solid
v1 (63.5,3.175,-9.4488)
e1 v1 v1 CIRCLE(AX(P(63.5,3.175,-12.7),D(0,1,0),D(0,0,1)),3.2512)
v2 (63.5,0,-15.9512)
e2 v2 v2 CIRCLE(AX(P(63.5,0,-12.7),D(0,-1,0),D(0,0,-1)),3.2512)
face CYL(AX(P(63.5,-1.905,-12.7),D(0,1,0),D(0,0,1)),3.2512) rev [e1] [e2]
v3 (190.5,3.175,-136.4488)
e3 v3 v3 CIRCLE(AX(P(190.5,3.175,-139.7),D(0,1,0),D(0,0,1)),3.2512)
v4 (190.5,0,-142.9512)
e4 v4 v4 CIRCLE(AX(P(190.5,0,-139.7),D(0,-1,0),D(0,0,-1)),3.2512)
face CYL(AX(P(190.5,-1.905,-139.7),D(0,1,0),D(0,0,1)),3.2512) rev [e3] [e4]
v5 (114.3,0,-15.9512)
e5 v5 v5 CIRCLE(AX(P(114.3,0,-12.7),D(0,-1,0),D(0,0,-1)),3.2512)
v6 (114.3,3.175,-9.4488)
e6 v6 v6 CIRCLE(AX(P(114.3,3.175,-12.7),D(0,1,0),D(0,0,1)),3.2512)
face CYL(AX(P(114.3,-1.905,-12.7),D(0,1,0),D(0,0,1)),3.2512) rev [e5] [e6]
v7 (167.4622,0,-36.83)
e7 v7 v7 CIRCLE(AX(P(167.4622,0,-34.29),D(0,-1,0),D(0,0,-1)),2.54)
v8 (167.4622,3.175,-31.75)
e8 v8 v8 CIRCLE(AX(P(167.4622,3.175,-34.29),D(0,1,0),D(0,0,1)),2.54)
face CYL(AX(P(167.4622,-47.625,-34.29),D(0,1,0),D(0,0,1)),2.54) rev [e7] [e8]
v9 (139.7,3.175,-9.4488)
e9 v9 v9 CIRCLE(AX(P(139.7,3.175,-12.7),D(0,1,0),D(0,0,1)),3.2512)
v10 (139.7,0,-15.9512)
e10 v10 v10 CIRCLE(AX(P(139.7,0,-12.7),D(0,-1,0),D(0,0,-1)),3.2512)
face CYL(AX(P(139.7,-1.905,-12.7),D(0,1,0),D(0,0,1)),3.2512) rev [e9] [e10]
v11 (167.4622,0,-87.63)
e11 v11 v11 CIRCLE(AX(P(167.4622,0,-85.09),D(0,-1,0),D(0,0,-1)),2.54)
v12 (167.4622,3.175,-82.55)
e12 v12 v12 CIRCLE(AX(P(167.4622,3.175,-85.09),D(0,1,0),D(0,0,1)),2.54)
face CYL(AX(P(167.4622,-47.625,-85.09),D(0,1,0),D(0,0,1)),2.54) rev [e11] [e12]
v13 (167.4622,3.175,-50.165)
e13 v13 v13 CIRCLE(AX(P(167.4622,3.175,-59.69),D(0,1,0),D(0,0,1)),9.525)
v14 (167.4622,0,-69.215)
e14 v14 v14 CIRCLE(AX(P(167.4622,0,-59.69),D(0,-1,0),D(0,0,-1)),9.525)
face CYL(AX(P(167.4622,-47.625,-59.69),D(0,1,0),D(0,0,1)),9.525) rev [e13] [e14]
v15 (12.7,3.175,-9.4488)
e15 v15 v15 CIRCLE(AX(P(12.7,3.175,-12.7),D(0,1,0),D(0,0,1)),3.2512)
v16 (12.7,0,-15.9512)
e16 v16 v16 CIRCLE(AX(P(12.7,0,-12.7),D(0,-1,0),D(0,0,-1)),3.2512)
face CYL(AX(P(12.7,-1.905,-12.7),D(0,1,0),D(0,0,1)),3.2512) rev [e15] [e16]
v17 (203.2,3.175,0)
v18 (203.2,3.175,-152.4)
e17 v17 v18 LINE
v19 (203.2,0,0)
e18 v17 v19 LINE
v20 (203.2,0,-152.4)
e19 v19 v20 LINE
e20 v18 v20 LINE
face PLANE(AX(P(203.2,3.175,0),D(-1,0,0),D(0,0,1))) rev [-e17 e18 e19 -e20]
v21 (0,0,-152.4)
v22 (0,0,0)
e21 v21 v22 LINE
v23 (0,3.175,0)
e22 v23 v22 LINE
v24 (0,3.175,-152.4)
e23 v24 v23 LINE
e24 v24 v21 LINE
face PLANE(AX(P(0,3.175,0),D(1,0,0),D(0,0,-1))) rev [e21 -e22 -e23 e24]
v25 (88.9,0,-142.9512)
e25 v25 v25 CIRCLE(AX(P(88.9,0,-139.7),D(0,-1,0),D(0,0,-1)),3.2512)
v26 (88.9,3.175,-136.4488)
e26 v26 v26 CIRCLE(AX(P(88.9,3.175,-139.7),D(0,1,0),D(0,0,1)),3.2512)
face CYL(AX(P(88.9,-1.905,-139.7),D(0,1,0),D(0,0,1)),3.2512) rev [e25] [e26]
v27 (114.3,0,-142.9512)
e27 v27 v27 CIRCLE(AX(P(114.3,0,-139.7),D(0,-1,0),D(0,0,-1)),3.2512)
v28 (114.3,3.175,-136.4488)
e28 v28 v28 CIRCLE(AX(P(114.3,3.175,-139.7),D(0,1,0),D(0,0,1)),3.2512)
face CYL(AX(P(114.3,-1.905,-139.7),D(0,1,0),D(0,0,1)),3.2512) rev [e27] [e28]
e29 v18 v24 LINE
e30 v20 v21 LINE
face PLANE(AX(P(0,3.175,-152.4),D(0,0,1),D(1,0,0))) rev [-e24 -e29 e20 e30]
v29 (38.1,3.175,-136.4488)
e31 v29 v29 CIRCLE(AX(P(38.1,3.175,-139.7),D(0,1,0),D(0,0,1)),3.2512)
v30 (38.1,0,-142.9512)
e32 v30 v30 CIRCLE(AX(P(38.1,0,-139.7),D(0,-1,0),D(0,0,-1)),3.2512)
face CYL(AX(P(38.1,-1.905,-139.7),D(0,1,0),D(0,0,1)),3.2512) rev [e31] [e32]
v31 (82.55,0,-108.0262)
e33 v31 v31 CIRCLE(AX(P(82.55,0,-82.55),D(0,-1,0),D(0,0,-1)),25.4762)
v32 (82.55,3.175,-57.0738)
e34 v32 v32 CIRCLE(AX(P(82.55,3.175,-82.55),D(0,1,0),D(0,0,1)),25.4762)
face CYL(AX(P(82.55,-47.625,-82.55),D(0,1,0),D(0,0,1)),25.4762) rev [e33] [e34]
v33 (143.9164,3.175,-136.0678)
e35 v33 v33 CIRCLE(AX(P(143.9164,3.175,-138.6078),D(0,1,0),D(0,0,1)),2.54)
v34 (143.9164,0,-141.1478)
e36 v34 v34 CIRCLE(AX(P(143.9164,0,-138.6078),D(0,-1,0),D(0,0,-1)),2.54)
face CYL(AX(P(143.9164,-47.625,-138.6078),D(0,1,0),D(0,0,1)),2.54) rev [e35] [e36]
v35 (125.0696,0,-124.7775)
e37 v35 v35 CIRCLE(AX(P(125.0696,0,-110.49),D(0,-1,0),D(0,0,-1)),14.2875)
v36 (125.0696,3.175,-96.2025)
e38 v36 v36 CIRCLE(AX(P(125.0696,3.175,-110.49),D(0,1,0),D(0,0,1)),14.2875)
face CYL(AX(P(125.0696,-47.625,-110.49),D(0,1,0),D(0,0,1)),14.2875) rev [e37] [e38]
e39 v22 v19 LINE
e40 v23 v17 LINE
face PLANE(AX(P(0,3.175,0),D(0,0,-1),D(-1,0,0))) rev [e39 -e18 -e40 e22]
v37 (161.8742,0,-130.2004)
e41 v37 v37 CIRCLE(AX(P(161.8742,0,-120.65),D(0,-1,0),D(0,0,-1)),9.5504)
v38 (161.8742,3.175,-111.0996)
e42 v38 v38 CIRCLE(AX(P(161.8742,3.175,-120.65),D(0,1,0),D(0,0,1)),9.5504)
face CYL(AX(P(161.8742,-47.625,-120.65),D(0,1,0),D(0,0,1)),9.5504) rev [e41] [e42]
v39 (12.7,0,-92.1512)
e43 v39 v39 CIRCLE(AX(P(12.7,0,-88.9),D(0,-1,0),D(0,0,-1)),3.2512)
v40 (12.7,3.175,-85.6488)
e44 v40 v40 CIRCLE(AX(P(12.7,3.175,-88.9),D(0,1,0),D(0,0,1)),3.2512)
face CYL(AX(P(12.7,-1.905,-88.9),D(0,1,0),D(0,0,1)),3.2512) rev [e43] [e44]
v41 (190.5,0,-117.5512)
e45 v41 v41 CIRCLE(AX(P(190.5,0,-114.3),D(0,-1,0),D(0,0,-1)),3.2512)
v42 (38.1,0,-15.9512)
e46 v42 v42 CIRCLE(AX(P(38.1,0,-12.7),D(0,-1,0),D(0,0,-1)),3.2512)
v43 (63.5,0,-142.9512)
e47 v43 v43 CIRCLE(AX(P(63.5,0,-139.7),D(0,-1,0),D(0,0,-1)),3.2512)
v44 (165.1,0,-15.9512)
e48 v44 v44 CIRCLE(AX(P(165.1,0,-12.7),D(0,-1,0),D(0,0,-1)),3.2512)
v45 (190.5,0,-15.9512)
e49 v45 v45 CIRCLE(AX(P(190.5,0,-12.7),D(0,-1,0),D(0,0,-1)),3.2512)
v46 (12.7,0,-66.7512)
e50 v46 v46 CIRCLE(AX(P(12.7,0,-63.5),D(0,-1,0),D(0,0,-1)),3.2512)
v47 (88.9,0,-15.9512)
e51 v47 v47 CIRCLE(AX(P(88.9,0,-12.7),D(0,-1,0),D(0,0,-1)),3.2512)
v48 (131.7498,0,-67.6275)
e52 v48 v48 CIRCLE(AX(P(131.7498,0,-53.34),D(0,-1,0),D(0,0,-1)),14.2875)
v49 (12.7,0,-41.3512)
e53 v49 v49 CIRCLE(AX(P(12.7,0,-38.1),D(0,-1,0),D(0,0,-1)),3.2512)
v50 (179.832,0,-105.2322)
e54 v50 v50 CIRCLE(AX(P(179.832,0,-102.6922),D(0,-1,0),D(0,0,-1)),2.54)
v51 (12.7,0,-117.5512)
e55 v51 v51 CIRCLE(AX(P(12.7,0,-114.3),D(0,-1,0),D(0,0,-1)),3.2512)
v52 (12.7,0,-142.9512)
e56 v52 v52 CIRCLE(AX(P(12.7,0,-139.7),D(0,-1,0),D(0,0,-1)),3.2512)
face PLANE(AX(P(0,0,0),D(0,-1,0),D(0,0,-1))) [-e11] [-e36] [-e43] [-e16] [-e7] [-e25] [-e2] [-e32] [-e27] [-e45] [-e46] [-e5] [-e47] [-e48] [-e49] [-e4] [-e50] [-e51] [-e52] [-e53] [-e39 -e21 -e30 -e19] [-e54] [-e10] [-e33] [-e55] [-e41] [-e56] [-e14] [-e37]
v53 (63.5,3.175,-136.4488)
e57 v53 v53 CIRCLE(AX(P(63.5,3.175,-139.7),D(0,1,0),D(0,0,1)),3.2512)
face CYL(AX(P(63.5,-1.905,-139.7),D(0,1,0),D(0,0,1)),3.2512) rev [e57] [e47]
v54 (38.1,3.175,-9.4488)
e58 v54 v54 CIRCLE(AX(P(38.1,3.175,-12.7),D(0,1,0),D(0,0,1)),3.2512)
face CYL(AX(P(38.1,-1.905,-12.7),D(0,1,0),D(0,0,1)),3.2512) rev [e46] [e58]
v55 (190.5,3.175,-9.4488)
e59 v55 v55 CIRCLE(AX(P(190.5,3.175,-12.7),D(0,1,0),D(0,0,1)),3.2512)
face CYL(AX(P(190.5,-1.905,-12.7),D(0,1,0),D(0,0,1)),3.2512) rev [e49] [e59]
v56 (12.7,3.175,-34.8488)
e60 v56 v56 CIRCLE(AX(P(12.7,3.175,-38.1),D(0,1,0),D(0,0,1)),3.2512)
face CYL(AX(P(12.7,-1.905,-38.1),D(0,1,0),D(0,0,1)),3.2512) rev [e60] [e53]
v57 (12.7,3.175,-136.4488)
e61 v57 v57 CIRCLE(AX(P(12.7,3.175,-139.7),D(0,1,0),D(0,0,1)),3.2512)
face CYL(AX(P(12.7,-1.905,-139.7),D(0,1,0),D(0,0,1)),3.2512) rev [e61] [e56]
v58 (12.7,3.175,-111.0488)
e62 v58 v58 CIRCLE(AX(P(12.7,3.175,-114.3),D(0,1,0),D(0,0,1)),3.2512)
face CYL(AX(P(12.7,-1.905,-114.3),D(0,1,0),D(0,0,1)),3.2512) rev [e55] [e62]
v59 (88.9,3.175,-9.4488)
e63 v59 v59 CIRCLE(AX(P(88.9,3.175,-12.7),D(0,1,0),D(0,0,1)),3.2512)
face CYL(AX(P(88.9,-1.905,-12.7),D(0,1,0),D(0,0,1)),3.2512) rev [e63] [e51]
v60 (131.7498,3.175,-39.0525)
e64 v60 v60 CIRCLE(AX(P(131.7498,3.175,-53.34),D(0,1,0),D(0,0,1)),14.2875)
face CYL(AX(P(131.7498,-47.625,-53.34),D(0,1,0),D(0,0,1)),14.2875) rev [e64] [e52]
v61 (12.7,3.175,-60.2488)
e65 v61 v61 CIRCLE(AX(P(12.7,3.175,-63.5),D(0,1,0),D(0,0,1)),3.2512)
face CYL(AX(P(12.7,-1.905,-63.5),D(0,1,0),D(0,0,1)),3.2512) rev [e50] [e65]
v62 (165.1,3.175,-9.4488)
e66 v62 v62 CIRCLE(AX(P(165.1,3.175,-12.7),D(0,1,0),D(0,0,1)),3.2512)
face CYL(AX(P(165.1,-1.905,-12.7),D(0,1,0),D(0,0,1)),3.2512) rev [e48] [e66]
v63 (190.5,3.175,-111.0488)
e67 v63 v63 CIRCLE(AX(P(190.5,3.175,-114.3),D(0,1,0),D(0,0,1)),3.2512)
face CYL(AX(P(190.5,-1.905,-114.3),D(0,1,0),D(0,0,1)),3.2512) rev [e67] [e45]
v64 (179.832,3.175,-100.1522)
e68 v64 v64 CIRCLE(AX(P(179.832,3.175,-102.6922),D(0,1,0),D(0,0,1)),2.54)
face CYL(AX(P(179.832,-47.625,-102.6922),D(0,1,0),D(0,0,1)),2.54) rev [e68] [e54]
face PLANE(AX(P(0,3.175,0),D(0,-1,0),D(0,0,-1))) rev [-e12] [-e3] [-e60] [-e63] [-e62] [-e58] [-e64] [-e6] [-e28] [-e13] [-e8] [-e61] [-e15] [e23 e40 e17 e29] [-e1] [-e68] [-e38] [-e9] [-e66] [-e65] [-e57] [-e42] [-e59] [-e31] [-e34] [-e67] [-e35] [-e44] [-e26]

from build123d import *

# Parameters (mm, degrees)
SKETCH1_W           = 203.2
SKETCH1_H           = 152.4
BOSS_EXTRUDE1_DEPTH = 3.175
SKETCH3_R           = 3.2512
CUT_EXTRUDE4_DEPTH  = 5.08
SKETCH2_R           = 25.4762
SKETCH2_R_2         = 14.2875
SKETCH2_R_3         = 9.525
SKETCH2_R_4         = 2.54
SKETCH2_R_5         = 9.5504
CUT_EXTRUDE5_DEPTH  = 50.8


with BuildPart() as part:
    # Sketch1 → Boss-Extrude1 (new body)
    with BuildSketch(Plane(origin=(0, 0, 0), x_dir=(1, 0, 0), z_dir=(0, 1, 0))):
        with Locations((101.6, 76.2)):
            Rectangle(SKETCH1_W, SKETCH1_H)
    extrude(amount=BOSS_EXTRUDE1_DEPTH)

    # Sketch3 → Cut-Extrude4 (cut)
    with BuildSketch(Plane(origin=(0, 3.175, 0), x_dir=(1, 0, 0), z_dir=(0, 1, 0))):
        with Locations(Location((12.7, 12.7, 0), (0, 0, 270))):  # turned: the seam where the file's is
            Circle(SKETCH3_R)
        with Locations(Location((38.1, 12.7, 0), (0, 0, 270))):  # turned: the seam where the file's is
            Circle(SKETCH3_R)
        with Locations(Location((63.5, 12.7, 0), (0, 0, 270))):  # turned: the seam where the file's is
            Circle(SKETCH3_R)
        with Locations(Location((88.9, 12.7, 0), (0, 0, 270))):  # turned: the seam where the file's is
            Circle(SKETCH3_R)
        with Locations(Location((114.3, 12.7, 0), (0, 0, 270))):  # turned: the seam where the file's is
            Circle(SKETCH3_R)
        with Locations(Location((139.7, 12.7, 0), (0, 0, 270))):  # turned: the seam where the file's is
            Circle(SKETCH3_R)
        with Locations(Location((165.1, 12.7, 0), (0, 0, 270))):  # turned: the seam where the file's is
            Circle(SKETCH3_R)
        with Locations(Location((190.5, 12.7, 0), (0, 0, 270))):  # turned: the seam where the file's is
            Circle(SKETCH3_R)
        with Locations(Location((190.5, 114.3, 0), (0, 0, 270))):  # turned: the seam where the file's is
            Circle(SKETCH3_R)
        with Locations(Location((190.5, 139.7, 0), (0, 0, 270))):  # turned: the seam where the file's is
            Circle(SKETCH3_R)
        with Locations(Location((12.7, 38.1, 0), (0, 0, 270))):  # turned: the seam where the file's is
            Circle(SKETCH3_R)
        with Locations(Location((12.7, 63.5, 0), (0, 0, 270))):  # turned: the seam where the file's is
            Circle(SKETCH3_R)
        with Locations(Location((12.7, 88.9, 0), (0, 0, 270))):  # turned: the seam where the file's is
            Circle(SKETCH3_R)
        with Locations(Location((12.7, 114.3, 0), (0, 0, 270))):  # turned: the seam where the file's is
            Circle(SKETCH3_R)
        with Locations(Location((12.7, 139.7, 0), (0, 0, 270))):  # turned: the seam where the file's is
            Circle(SKETCH3_R)
        with Locations(Location((38.1, 139.7, 0), (0, 0, 270))):  # turned: the seam where the file's is
            Circle(SKETCH3_R)
        with Locations(Location((63.5, 139.7, 0), (0, 0, 270))):  # turned: the seam where the file's is
            Circle(SKETCH3_R)
        with Locations(Location((88.9, 139.7, 0), (0, 0, 270))):  # turned: the seam where the file's is
            Circle(SKETCH3_R)
        with Locations(Location((114.3, 139.7, 0), (0, 0, 270))):  # turned: the seam where the file's is
            Circle(SKETCH3_R)
    extrude(amount=-CUT_EXTRUDE4_DEPTH, mode=Mode.SUBTRACT)

    # Sketch2 → Cut-Extrude5 (cut)
    with BuildSketch(Plane(origin=(0, 3.175, 0), x_dir=(1, 0, 0), z_dir=(0, 1, 0))):
        with Locations(Location((82.55, 82.55, 0), (0, 0, 270))):  # turned: the seam where the file's is
            Circle(SKETCH2_R)
        with Locations(Location((131.7498, 53.34, 0), (0, 0, 270))):  # turned: the seam where the file's is
            Circle(SKETCH2_R_2)
        with Locations(Location((167.4622, 59.69, 0), (0, 0, 270))):  # turned: the seam where the file's is
            Circle(SKETCH2_R_3)
        with Locations(Location((167.4622, 34.29, 0), (0, 0, 270))):  # turned: the seam where the file's is
            Circle(SKETCH2_R_4)
        with Locations(Location((167.4622, 85.09, 0), (0, 0, 270))):  # turned: the seam where the file's is
            Circle(SKETCH2_R_4)
        with Locations(Location((125.0696, 110.49, 0), (0, 0, 270))):  # turned: the seam where the file's is
            Circle(SKETCH2_R_2)
        with Locations(Location((161.8742, 120.65, 0), (0, 0, 270))):  # turned: the seam where the file's is
            Circle(SKETCH2_R_5)
        with Locations(Location((179.832, 102.6922, 0), (0, 0, 270))):  # turned: the seam where the file's is
            Circle(SKETCH2_R_4)
        with Locations(Location((143.9164, 138.6078, 0), (0, 0, 270))):  # turned: the seam where the file's is
            Circle(SKETCH2_R_4)
    extrude(amount=-CUT_EXTRUDE5_DEPTH, mode=Mode.SUBTRACT)


solid = part.part
